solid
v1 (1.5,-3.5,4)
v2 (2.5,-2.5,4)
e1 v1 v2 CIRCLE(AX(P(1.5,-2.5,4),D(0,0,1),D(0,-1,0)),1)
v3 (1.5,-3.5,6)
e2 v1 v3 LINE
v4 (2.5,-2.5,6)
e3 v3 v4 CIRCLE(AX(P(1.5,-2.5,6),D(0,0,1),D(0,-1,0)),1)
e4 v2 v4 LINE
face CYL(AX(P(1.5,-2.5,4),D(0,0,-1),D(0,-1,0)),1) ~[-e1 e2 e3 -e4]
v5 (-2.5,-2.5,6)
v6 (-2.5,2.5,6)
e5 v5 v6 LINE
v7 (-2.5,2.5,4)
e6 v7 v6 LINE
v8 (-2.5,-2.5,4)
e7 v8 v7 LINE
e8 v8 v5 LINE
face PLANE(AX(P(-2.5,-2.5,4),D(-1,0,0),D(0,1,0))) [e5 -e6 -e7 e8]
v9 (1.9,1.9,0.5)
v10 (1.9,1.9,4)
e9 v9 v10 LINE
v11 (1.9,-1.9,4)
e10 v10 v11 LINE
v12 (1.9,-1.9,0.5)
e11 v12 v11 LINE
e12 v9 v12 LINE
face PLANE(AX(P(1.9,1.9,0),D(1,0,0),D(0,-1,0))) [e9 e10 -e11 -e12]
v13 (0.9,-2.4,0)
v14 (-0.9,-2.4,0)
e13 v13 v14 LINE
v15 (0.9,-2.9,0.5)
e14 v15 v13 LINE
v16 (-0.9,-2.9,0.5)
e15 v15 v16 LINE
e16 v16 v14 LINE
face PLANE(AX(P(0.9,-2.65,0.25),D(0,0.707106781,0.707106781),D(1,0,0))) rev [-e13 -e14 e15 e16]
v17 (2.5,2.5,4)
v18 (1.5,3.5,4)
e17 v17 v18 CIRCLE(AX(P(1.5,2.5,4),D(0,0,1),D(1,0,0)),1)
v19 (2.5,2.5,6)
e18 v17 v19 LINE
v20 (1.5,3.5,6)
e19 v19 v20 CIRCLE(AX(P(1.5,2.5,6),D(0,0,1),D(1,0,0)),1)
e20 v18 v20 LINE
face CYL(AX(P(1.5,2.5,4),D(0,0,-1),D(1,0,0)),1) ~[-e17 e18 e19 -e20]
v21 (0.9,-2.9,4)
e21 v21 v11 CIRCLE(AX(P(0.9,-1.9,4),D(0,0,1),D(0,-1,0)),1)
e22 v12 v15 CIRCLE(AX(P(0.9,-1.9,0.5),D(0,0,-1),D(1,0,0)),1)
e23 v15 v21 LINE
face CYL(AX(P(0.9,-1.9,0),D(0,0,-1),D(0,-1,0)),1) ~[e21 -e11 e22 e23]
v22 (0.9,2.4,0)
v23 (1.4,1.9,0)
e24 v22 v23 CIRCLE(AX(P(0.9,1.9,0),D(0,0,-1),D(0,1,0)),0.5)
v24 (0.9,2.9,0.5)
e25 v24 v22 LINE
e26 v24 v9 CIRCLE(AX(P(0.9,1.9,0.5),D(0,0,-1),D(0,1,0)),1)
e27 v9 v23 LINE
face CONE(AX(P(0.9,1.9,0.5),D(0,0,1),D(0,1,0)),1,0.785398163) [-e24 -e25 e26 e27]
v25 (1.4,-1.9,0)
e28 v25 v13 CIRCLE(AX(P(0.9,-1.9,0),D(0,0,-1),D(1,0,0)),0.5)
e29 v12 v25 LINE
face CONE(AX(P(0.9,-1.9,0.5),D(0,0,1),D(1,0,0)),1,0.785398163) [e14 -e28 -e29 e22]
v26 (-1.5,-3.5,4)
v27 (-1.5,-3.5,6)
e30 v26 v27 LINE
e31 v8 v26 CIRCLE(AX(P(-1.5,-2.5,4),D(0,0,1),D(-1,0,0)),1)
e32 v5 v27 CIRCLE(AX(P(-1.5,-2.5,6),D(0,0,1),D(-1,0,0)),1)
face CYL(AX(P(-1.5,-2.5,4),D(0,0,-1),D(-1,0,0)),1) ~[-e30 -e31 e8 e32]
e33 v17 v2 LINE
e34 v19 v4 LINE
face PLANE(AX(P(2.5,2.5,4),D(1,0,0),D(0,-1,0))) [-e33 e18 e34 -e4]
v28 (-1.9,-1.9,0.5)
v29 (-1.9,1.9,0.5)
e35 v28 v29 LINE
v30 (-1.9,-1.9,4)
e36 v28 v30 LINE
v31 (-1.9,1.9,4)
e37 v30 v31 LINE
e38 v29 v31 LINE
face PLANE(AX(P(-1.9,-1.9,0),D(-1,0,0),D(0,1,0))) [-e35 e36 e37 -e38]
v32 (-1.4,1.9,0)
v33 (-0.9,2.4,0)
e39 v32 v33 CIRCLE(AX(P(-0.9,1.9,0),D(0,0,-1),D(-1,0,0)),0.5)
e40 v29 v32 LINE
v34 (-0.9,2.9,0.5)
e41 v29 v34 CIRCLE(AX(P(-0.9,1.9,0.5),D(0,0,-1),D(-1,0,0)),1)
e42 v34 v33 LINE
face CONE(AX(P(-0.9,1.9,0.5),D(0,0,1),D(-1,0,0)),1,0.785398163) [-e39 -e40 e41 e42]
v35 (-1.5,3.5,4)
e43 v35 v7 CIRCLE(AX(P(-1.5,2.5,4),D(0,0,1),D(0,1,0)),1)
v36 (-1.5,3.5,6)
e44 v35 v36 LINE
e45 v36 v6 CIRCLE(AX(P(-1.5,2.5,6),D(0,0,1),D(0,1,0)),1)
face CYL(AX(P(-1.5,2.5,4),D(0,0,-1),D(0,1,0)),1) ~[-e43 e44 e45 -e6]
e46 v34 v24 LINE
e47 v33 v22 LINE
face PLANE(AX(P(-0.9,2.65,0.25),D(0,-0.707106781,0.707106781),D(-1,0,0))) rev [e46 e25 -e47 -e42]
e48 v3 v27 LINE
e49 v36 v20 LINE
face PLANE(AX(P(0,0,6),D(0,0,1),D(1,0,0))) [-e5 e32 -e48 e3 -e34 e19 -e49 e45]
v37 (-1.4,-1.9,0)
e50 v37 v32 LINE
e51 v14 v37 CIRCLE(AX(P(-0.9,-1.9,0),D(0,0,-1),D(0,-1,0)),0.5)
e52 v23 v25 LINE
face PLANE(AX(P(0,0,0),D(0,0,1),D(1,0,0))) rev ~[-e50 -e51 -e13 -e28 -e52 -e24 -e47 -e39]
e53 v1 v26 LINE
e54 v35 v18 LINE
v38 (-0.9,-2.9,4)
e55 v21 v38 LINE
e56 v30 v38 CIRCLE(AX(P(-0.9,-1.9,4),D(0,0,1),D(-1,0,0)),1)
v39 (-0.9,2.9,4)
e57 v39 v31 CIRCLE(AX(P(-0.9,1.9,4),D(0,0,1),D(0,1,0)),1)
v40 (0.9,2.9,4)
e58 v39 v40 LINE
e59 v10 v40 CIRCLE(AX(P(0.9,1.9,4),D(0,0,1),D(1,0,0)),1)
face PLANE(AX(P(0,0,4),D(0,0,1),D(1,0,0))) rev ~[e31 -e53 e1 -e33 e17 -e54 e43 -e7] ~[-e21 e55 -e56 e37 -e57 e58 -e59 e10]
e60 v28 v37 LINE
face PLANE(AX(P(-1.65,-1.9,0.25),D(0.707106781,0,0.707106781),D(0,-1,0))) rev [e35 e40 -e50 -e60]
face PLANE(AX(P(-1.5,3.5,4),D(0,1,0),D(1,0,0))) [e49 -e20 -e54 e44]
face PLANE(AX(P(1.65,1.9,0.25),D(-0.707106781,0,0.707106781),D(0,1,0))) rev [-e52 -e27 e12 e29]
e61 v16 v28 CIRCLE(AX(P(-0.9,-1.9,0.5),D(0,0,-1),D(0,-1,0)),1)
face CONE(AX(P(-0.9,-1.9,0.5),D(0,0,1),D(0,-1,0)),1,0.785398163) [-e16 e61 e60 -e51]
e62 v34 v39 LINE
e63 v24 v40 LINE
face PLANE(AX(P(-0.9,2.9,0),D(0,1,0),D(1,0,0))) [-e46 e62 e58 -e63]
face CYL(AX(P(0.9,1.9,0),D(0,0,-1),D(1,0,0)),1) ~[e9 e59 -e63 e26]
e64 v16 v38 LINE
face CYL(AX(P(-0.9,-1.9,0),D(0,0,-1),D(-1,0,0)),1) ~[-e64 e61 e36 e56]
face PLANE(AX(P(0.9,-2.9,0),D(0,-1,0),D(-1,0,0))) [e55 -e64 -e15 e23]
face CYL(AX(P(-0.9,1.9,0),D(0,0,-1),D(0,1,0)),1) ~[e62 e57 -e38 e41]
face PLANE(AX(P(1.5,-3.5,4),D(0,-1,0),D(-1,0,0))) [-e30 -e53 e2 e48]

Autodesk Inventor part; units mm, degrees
ref_plane "YZ Plane" through (0, 0, 0) normal (1, 0, 0) x (0, 1, 0)
ref_plane "XZ Plane" through (0, 0, 0) normal (0, 1, 0) x (-1, 0, 0)
ref_plane "XY Plane" through (0, 0, 0) normal (0, 0, 1) x (1, 0, 0)
sketch "Sketch1" plane through (0, 0, 0) normal (0, 0, 1) x (1, 0, 0)
  line L0 (-0.9, 2.9) -> (0.9, 2.9)
  line L1 (1.9, 1.9) -> (1.9, -1.9)
  line L2 (0.9, -2.9) -> (-0.9, -2.9)
  line L3 (-1.9, -1.9) -> (-1.9, 1.9)
  arc A0 (1.9, 1.9) -> (0.9, 2.9) centre (0.9, 1.9) ccw
  arc A1 (0.9, -2.9) -> (1.9, -1.9) centre (0.9, -1.9) ccw
  arc A2 (-1.9, -1.9) -> (-0.9, -2.9) centre (-0.9, -1.9) ccw
  arc A3 (-0.9, 2.9) -> (-1.9, 1.9) centre (-0.9, 1.9) ccw
  point P0 (0, 0)
  point P1 (0, 2.9)
  point P2 (-1.9, 0)
  dimension "d1" = 3.8
  dimension "d2" = 5.8
  dimension "d3" = 1
extrude "Extrusion1" add sketch "Sketch1" along normal blind 4
sketch "Sketch2" plane through (0, 0, 4) normal (0, 0, 1) x (1, 0, 0)
  line L0 (-1.5, 3.5) -> (1.5, 3.5)
  line L1 (2.5, 2.5) -> (2.5, -2.5)
  line L2 (1.5, -3.5) -> (-1.5, -3.5)
  line L3 (-2.5, -2.5) -> (-2.5, 2.5)
  arc A0 (2.5, 2.5) -> (1.5, 3.5) centre (1.5, 2.5) ccw
  arc A1 (-2.5, -2.5) -> (-1.5, -3.5) centre (-1.5, -2.5) ccw
  arc A2 (1.5, -3.5) -> (2.5, -2.5) centre (1.5, -2.5) ccw
  arc A3 (-1.5, 3.5) -> (-2.5, 2.5) centre (-1.5, 2.5) ccw
  point P0 (0, 0)
  point P1 (-2.5, 3.5)
  point P2 (2.5, -3.5)
  point P3 (2.5, 3.5)
  point P4 (0, 3.5)
  point P5 (2.5, 0)
  dimension "d6" = 5
  dimension "d7" = 7
  dimension "d9" = 1
extrude "Extrusion2" add sketch "Sketch2" along normal blind 2
chamfer "Chamfer1" distance 0.5 angle 45 8 edges at (-1.9, 0, 0) (-1.6071, -2.6071, 0) (0, -2.9, 0) (1.6071, -2.6071, 0) (1.9, 0, 0) (1.6071, 2.6071, 0) (0, 2.9, 0) (-1.6071, 2.6071, 0)
properties part number "Button_Extender"
